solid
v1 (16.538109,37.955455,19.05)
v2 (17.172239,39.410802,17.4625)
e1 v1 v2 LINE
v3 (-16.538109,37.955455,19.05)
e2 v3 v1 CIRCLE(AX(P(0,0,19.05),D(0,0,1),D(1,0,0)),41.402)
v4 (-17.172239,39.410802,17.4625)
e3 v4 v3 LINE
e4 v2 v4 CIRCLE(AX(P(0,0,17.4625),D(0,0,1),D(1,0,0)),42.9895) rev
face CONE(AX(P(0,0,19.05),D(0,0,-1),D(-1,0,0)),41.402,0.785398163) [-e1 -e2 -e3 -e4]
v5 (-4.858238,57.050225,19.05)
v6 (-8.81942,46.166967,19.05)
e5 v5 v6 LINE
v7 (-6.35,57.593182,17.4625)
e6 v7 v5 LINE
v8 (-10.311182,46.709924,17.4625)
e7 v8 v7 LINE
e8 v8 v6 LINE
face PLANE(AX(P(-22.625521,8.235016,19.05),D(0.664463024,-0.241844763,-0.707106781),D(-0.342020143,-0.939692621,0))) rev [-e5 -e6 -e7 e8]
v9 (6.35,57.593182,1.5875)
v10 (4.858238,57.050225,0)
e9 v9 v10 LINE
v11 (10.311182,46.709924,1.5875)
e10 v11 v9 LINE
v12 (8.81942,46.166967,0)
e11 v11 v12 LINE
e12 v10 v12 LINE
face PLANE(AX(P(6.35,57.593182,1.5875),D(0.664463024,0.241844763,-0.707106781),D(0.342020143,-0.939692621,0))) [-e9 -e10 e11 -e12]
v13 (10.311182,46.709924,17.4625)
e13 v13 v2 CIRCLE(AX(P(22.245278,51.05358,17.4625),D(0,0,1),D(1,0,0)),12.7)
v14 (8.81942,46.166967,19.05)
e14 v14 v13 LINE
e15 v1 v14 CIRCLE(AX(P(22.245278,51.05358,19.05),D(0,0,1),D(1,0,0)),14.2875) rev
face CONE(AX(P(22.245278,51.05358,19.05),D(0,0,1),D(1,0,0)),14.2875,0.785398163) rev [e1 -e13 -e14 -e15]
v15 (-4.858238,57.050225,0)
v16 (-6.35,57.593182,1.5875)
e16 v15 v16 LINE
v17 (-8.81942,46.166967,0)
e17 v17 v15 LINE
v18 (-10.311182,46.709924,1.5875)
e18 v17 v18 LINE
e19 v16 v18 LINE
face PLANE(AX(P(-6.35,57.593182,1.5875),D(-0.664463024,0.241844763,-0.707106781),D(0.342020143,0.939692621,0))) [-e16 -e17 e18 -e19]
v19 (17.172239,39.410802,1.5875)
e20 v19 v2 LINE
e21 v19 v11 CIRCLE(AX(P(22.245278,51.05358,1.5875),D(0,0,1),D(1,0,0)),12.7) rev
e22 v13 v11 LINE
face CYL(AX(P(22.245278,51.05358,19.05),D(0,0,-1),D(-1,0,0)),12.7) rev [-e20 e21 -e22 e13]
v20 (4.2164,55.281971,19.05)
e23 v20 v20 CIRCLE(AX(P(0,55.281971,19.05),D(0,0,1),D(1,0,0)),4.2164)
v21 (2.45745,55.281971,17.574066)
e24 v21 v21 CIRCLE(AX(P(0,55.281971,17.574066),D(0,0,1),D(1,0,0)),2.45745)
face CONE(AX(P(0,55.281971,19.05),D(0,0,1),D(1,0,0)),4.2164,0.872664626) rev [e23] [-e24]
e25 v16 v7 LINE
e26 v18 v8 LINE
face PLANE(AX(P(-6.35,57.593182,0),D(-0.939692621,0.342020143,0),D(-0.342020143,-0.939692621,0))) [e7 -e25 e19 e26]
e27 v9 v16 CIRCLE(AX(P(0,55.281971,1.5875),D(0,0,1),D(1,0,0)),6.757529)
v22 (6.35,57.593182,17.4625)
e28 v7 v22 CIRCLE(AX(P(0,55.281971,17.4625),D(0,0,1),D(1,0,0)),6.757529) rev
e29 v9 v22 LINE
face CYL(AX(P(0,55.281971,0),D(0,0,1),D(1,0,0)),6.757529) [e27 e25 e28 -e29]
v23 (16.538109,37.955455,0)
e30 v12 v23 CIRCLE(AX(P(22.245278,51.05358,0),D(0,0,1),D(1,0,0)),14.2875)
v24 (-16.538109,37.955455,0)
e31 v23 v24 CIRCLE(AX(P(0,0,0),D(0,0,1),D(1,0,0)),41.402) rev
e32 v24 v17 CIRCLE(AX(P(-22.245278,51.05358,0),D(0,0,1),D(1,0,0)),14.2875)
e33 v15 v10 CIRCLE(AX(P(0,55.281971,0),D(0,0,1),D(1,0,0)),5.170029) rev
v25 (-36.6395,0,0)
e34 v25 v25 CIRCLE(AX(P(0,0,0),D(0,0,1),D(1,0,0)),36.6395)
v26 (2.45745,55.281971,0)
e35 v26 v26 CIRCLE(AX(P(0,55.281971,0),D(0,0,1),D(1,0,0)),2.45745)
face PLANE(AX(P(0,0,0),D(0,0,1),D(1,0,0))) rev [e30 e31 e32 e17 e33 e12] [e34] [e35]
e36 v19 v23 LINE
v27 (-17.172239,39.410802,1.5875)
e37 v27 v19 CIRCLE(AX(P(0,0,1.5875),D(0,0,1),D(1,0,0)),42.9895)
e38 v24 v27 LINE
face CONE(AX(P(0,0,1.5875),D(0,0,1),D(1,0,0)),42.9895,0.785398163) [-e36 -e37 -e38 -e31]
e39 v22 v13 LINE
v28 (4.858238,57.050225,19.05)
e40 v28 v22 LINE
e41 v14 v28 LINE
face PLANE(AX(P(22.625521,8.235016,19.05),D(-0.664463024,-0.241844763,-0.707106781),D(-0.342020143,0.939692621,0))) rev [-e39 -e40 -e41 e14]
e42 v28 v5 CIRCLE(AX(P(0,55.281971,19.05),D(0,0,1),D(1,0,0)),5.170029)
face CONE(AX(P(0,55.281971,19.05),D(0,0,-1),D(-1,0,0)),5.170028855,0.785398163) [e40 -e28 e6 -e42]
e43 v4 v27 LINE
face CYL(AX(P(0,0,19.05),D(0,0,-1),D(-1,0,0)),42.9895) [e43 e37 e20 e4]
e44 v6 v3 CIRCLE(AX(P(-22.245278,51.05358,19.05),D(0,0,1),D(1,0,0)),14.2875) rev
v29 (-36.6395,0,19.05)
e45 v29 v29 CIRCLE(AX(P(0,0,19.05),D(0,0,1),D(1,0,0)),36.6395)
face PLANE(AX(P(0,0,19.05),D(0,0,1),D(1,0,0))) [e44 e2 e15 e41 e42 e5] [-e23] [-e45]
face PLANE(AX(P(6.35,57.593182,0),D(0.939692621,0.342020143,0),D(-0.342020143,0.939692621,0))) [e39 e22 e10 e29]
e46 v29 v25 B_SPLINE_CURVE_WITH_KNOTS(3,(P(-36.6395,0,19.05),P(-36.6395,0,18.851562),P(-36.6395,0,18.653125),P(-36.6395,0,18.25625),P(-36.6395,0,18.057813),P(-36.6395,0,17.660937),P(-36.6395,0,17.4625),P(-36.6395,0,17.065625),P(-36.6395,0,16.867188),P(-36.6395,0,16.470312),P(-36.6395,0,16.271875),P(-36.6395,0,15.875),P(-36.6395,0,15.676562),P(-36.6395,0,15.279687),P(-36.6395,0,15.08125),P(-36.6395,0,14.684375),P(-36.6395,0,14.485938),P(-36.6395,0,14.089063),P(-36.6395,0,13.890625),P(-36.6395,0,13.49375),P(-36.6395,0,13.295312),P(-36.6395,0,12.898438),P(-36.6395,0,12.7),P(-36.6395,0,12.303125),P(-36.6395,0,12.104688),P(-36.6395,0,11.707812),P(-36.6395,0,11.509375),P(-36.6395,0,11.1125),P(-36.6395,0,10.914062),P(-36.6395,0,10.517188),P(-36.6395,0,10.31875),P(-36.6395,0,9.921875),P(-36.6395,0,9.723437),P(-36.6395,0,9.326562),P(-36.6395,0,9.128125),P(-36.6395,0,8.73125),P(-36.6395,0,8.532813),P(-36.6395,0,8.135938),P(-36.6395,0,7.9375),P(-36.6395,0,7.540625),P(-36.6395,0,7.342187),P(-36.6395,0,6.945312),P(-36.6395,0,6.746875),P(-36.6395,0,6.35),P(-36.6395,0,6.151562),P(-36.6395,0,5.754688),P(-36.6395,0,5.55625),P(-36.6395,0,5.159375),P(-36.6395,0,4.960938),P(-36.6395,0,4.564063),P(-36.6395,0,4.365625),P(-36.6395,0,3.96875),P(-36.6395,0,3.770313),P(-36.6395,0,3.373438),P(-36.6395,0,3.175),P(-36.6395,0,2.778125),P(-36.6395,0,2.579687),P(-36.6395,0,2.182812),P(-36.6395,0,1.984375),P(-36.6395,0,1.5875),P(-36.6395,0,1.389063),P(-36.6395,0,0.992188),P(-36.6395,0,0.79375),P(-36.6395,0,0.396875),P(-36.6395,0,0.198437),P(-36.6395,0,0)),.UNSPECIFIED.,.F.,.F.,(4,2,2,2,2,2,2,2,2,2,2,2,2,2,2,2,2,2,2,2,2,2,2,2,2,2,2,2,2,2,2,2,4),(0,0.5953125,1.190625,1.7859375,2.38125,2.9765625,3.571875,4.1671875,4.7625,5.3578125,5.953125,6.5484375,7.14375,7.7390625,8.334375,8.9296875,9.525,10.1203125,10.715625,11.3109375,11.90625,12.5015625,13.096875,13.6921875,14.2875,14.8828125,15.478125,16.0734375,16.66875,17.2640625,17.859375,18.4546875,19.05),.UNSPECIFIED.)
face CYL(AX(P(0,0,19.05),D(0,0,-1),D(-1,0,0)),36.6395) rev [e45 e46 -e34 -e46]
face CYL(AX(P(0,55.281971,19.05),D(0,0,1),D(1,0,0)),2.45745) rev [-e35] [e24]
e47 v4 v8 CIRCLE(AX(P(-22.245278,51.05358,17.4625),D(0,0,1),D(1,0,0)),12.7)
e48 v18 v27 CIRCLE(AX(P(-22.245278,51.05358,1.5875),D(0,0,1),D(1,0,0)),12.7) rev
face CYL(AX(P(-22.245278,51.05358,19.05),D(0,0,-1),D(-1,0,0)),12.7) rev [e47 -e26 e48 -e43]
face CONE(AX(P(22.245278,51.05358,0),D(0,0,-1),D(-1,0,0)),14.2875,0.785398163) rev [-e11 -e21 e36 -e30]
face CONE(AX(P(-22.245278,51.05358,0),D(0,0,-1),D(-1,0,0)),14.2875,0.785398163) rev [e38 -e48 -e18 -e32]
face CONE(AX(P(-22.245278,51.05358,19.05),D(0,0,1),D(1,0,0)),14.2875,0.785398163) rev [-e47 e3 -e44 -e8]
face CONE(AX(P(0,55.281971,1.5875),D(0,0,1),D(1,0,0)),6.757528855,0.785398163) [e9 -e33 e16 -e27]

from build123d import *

# Parameters (mm, degrees)
SKETCH1_R                                         = 42.9895
SKETCH1_R_2                                       = 36.6395
BOSS_EXTRUDE1_DEPTH                               = 19.05
BOSS_EXTRUDE2_DEPTH                               = 19.05
FILLET1_R                                         = 12.7
CHAMFER1_SIZE                                     = 1.5875
CSK_FOR_8_FLAT_HEAD_MACHINE_SCREW_100_D           = 4.9149
CSK_FOR_8_FLAT_HEAD_MACHINE_SCREW_100_CSINK_D     = 8.4328
CSK_FOR_8_FLAT_HEAD_MACHINE_SCREW_100_CSINK_ANGLE = 100


with BuildPart() as part:
    # Sketch1 → Boss-Extrude1 (new body)
    with BuildSketch(Plane.XY):
        with Locations(Location((0, 0, 0), (0, 0, 180))):
            Circle(SKETCH1_R)
        with Locations(Location((0, 0, 0), (0, 0, 180))):
            Circle(SKETCH1_R_2, mode=Mode.SUBTRACT)
    extrude(amount=BOSS_EXTRUDE1_DEPTH)

    # Sketch3 → Boss-Extrude2 (add, through all)
    with BuildSketch(Plane.XY.offset(19.05)):
        with BuildLine():
            Line((-6.35, 57.593182132), (-12.321797405, 41.18580361))
            ThreePointArc((-12.321797405, 41.18580361), (0, 42.926029516), (12.321797405, 41.18580361))
            Line((12.321797405, 41.18580361), (6.35, 57.593182132))
            ThreePointArc((6.35, 57.593182132), (3.875959319, 60.817414721), (0, 62.0395))
            ThreePointArc((0, 62.0395), (-3.875959319, 60.817414721), (-6.35, 57.593182132))
        make_face()
    extrude(amount=-BOSS_EXTRUDE2_DEPTH)

    # Fillet1
    fillet1_edges = [part.edges().sort_by_distance(p)[0] for p in [
        (12.321797405, 41.18580361, 9.525),
        (-12.321797405, 41.18580361, 9.525),
    ]]
    fillet(fillet1_edges, radius=FILLET1_R)

    # Chamfer1
    chamfer1_edges = [part.edges().sort_by_distance(p)[0] for p in [
        (0, 62.0395, 0),
        (-8.330591024, 52.151553016, 0),
        (-8.330591024, 52.151553016, 19.05),
        (0, 62.0395, 19.05),
        (0, -42.9895, 0),
        (0, -42.9895, 19.05),
        (8.330591024, 52.151553016, 19.05),
        (8.330591024, 52.151553016, 0),
        (12.991632469, 42.355301831, 19.05),
        (12.991632469, 42.355301831, 0),
        (-12.991632469, 42.355301831, 19.05),
        (-12.991632469, 42.355301831, 0),
    ]]
    chamfer(chamfer1_edges, length=CHAMFER1_SIZE)

    # CSK for #8 Flat Head Machine Screw (100)1 (through all)
    with Locations(Plane.XY.offset(19.05)):
        with Locations((0, 55.281971145)):
            CounterSinkHole(CSK_FOR_8_FLAT_HEAD_MACHINE_SCREW_100_D / 2, CSK_FOR_8_FLAT_HEAD_MACHINE_SCREW_100_CSINK_D / 2, counter_sink_angle=CSK_FOR_8_FLAT_HEAD_MACHINE_SCREW_100_CSINK_ANGLE)


solid = part.part
